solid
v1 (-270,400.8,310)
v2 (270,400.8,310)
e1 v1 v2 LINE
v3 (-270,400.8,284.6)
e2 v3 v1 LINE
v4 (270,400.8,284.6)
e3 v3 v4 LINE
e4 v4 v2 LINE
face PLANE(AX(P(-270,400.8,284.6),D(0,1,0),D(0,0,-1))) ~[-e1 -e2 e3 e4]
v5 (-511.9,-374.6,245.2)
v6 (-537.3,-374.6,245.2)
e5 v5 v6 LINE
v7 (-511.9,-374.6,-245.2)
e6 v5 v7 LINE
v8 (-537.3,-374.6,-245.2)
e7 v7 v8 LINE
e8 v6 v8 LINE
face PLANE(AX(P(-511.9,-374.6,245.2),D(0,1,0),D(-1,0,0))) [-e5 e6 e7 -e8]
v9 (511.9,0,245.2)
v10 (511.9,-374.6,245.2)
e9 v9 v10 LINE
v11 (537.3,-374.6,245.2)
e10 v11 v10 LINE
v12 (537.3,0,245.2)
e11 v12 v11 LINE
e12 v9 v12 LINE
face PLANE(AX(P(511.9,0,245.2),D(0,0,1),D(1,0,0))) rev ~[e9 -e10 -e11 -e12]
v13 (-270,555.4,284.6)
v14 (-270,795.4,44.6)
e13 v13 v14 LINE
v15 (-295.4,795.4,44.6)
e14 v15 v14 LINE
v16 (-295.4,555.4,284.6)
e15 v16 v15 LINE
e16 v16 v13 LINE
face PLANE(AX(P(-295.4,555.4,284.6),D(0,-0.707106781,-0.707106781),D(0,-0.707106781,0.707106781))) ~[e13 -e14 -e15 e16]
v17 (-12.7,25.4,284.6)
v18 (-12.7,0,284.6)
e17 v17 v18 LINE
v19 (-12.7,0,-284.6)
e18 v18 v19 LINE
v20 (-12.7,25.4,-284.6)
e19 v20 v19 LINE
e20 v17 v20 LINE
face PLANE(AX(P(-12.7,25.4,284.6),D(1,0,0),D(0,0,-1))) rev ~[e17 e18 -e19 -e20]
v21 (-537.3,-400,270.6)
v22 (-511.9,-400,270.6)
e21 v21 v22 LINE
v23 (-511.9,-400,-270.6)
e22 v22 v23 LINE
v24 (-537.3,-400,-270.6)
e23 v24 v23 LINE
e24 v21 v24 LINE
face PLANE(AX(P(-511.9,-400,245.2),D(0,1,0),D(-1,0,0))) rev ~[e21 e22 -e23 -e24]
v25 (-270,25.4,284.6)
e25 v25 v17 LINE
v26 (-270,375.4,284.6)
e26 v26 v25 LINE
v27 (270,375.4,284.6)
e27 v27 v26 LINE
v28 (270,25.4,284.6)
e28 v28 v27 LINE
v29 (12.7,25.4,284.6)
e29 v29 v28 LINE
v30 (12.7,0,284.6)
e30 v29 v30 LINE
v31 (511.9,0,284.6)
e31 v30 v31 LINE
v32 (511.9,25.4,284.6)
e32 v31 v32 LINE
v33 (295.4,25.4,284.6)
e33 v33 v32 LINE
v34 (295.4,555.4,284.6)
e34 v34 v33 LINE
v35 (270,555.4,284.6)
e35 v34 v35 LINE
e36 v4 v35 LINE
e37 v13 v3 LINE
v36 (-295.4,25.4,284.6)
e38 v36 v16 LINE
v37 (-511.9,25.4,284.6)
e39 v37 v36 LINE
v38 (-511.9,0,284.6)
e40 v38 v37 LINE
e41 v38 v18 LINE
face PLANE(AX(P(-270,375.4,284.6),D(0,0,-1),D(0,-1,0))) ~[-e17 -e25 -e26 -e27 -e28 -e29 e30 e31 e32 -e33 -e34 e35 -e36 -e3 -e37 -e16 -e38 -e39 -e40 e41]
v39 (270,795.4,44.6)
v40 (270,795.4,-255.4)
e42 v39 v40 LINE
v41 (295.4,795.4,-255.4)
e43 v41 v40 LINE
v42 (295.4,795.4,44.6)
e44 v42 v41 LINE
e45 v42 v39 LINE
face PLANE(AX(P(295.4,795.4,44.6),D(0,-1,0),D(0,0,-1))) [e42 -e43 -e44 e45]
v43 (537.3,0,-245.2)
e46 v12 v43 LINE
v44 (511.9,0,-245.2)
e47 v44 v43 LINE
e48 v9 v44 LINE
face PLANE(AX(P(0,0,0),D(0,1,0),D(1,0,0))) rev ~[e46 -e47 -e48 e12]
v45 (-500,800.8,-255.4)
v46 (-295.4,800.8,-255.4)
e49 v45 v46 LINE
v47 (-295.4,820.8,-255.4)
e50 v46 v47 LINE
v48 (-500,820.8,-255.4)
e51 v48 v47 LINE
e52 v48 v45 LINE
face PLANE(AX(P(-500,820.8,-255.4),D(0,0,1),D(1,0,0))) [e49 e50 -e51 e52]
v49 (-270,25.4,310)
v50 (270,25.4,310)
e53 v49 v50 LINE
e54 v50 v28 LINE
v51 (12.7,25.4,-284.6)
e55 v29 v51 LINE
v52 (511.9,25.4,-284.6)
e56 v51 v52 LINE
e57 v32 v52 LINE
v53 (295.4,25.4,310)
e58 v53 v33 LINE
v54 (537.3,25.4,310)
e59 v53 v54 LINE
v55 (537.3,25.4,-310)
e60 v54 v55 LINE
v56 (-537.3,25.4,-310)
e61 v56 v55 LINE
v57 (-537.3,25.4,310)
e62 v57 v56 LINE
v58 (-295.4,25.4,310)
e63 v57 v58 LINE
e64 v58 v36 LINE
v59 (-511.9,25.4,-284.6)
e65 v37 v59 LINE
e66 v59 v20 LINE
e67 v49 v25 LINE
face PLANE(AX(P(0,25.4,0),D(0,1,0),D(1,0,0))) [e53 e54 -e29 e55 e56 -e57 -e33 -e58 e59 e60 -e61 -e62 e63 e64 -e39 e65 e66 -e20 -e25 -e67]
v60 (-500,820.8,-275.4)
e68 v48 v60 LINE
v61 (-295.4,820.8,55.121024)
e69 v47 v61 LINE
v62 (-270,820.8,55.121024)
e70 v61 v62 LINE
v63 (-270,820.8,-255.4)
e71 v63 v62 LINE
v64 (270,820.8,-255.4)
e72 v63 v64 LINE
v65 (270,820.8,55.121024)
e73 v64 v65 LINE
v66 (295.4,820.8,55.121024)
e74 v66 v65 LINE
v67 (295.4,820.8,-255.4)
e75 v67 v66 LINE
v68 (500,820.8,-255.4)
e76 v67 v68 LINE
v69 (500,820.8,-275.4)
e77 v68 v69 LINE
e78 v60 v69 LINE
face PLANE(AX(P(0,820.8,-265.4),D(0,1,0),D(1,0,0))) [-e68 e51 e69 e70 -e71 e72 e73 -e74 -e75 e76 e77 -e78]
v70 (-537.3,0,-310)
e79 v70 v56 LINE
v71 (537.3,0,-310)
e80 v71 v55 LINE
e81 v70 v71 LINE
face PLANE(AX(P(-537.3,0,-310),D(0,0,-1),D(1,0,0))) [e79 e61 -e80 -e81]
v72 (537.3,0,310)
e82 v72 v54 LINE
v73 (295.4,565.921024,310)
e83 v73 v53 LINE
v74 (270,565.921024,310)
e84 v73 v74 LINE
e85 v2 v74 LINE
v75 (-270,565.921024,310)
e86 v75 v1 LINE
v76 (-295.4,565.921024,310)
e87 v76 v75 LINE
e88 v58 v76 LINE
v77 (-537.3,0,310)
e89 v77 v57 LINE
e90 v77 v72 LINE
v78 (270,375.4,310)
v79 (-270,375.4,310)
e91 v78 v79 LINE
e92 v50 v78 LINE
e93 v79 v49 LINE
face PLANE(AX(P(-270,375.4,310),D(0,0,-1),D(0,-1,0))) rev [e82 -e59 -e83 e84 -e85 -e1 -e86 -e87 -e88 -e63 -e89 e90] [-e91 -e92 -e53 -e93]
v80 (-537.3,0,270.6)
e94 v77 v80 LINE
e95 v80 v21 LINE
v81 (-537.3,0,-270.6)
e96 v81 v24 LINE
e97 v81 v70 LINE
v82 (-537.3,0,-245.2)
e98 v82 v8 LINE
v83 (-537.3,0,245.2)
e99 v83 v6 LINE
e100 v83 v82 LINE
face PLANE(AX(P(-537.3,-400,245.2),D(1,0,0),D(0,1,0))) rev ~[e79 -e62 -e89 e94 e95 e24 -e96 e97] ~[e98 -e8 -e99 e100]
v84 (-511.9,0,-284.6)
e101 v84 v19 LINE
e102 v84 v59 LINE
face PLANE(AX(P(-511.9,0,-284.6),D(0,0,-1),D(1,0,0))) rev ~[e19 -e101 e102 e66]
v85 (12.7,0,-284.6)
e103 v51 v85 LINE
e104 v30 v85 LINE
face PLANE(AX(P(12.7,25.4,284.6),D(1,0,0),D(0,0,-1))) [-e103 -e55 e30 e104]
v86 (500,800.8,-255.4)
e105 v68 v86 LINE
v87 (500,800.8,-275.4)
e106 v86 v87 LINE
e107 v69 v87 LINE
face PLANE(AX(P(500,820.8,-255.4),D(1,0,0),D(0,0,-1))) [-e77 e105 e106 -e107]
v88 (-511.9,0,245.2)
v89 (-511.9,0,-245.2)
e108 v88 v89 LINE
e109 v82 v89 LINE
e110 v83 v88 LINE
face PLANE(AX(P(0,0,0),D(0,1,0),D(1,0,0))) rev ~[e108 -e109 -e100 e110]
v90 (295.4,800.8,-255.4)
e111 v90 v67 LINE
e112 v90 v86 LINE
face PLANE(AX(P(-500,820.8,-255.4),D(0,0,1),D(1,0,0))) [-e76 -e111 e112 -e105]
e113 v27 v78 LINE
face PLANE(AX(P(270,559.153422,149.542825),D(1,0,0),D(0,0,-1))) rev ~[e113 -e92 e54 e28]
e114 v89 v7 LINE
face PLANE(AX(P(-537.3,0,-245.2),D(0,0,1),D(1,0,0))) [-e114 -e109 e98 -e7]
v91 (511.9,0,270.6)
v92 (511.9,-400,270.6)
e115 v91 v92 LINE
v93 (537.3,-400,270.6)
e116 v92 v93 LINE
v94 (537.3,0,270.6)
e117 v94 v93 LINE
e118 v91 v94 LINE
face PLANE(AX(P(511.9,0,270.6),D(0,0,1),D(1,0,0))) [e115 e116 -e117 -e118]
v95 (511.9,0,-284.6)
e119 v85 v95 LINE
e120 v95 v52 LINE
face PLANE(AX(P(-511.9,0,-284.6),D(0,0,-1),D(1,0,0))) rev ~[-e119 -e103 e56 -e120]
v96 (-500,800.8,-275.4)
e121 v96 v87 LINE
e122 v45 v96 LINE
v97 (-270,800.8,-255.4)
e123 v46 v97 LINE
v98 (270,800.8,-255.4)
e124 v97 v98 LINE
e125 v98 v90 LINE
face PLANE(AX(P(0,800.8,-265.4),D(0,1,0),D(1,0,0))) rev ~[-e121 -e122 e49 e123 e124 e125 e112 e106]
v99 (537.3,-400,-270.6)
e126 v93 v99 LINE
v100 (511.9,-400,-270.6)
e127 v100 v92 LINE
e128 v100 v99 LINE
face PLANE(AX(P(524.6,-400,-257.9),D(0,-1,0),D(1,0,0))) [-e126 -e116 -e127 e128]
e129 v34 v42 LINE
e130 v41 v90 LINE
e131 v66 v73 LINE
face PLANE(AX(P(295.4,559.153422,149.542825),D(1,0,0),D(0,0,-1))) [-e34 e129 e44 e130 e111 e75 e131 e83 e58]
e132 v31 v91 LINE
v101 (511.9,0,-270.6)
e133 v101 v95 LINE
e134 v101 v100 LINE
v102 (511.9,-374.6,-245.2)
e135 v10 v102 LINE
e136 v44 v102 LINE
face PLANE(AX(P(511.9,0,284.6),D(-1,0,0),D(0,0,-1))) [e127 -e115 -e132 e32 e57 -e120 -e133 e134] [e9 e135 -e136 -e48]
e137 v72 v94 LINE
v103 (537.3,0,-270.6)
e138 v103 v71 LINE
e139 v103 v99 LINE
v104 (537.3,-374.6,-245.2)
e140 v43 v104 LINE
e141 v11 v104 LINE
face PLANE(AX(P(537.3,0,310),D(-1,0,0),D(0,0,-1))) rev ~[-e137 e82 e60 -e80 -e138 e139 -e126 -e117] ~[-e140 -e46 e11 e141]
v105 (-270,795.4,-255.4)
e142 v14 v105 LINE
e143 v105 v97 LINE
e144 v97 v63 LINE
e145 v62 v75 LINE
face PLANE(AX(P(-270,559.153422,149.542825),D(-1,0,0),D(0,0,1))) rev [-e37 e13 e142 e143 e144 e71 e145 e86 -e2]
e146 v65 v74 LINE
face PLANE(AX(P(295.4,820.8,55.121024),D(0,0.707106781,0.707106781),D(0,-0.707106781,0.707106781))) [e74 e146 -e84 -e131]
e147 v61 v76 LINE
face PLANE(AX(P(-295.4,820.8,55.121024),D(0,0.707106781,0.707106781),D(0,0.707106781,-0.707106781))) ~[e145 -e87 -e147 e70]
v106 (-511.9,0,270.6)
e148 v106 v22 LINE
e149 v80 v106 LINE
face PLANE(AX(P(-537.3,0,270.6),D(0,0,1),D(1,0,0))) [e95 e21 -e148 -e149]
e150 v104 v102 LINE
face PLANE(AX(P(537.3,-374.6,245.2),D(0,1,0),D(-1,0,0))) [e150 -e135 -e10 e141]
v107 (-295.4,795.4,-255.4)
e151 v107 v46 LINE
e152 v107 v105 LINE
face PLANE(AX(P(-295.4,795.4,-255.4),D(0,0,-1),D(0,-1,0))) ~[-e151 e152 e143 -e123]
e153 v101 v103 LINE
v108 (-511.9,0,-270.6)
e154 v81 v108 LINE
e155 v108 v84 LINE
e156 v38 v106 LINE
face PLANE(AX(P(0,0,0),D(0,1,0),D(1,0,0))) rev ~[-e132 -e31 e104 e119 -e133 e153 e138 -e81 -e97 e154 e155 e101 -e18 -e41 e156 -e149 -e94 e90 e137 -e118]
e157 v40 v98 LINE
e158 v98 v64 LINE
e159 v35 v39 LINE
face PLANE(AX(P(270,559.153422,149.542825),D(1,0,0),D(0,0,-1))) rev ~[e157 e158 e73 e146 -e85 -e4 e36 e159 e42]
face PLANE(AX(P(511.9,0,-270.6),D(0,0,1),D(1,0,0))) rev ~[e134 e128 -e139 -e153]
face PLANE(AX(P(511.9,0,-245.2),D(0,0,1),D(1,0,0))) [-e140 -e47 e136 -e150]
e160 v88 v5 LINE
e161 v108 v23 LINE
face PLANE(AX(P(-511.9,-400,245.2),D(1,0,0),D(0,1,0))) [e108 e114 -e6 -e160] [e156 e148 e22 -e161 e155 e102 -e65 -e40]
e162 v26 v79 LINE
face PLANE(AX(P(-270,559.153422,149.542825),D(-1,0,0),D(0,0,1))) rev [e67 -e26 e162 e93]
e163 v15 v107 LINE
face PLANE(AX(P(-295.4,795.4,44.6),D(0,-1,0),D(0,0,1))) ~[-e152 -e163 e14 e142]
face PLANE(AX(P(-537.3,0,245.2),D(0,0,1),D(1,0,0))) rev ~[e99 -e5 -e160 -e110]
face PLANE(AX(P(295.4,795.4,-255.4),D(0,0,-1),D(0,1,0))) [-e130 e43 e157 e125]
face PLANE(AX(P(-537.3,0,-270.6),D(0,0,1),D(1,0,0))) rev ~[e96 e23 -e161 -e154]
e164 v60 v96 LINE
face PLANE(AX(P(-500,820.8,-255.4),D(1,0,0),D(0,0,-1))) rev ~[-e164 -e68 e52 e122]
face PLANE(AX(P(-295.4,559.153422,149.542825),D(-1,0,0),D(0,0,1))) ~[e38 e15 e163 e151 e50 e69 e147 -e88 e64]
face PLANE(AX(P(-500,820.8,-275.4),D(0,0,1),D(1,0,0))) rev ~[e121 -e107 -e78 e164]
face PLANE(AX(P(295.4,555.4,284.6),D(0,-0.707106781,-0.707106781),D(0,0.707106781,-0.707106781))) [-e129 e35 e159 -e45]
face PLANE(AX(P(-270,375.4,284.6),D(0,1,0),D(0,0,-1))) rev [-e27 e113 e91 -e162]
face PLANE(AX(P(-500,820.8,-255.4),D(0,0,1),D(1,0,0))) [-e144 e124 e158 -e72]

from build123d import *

# Parameters (mm, degrees)
SKETCH1_W           = 1074.6
SKETCH1_H           = 620
SKETCH1_W_2         = 1023.8
SKETCH1_H_2         = 569.2
BOSS_EXTRUDE1_DEPTH = 25.4
SKETCH2_W           = 25.4
SKETCH2_H           = 25.4
BOSS_EXTRUDE2_DEPTH = 400
SKETCH3_W           = 25.4
SKETCH3_H           = 25.4
BOSS_EXTRUDE3_DEPTH = 490.4
SKETCH5_W           = 25.4
SKETCH5_H           = 25.4
BOSS_EXTRUDE5_DEPTH = 50
SKETCH4_W           = 25.4
SKETCH4_H           = 569.2
BOSS_EXTRUDE6_DEPTH = 25.4
BOSS_EXTRUDE7_DEPTH = 25.4
SKETCH9_W           = 25.4
SKETCH9_H           = 25.4
BOSS_EXTRUDE8_DEPTH = 270
SKETCH10_W          = 1000
SKETCH10_H          = 20
BOSS_EXTRUDE9_DEPTH = 20


with BuildPart() as part:
    # Sketch1 → Boss-Extrude1 (new body)
    with BuildSketch(Plane(origin=(0, 0, 0), x_dir=(1, 0, 0), z_dir=(0, 1, 0))):
        Rectangle(SKETCH1_W, SKETCH1_H)
        Rectangle(SKETCH1_W_2, SKETCH1_H_2, mode=Mode.SUBTRACT)
    extrude(amount=BOSS_EXTRUDE1_DEPTH)

    # Sketch2 → Boss-Extrude2 (add)
    with BuildSketch(Plane.XZ):
        with Locations((-524.6, 257.9)):
            Rectangle(SKETCH2_W, SKETCH2_H)
        with Locations((-524.6, -257.9)):
            Rectangle(SKETCH2_W, SKETCH2_H)
        with Locations((524.6, 257.9)):
            Rectangle(SKETCH2_W, SKETCH2_H)
        with Locations((524.6, -257.9)):
            Rectangle(SKETCH2_W, SKETCH2_H)
    extrude(amount=BOSS_EXTRUDE2_DEPTH)

    # Sketch3 → Boss-Extrude3 (add)
    with BuildSketch(Plane(origin=(0, 0, 245.2), x_dir=(-1, 0, 0), z_dir=(0, 0, -1))):
        with Locations((524.6, -387.3)):
            Rectangle(SKETCH3_W, SKETCH3_H)
        with Locations((-524.6, -387.3)):
            Rectangle(SKETCH3_W, SKETCH3_H)
    extrude(amount=BOSS_EXTRUDE3_DEPTH)

    # Sketch5 → Boss-Extrude5 (add)
    with BuildSketch(Plane(origin=(0, 25.4, 0), x_dir=(1, 0, 0), z_dir=(0, 1, 0))):
        with Locations((282.7, -297.3)):
            Rectangle(SKETCH5_W, SKETCH5_H)
    boss_extrude5 = extrude(amount=BOSS_EXTRUDE5_DEPTH)

    # Sketch4 → Boss-Extrude6 (add)
    with BuildSketch(Plane(origin=(0, 25.4, 0), x_dir=(1, 0, 0), z_dir=(0, 1, 0))):
        Rectangle(SKETCH4_W, SKETCH4_H)
    extrude(amount=-BOSS_EXTRUDE6_DEPTH)

    # Sketch8 → Boss-Extrude7 (add)
    with BuildSketch(Plane(origin=(295.4, 0, 0), x_dir=(0, 0, -1), z_dir=(1, 0, 0))):
        Polygon((-284.6, 75.4), (-284.6, 555.4), (-44.6, 795.4), (255.4, 795.4), (255.4, 820.8), (-55.121024484, 820.8), (-310, 565.921024484), (-310, 75.4), align=None)
    boss_extrude7 = extrude(amount=-BOSS_EXTRUDE7_DEPTH)

    # Sketch9 → Boss-Extrude8 (add)
    with BuildSketch(Plane.ZY.offset(-270)):
        with Locations((297.3, 388.1)):
            Rectangle(SKETCH9_W, SKETCH9_H)
    boss_extrude8 = extrude(amount=BOSS_EXTRUDE8_DEPTH)

    # Mirror1: Boss-Extrude5, Boss-Extrude7, Boss-Extrude8 across plane
    add(boss_extrude5.mirror(Plane.ZY))
    add(boss_extrude7.mirror(Plane.ZY))
    add(boss_extrude8.mirror(Plane.ZY))

    # Sketch10 → Boss-Extrude9 (add)
    with BuildSketch(Plane(origin=(0, 820.8, 0), x_dir=(1, 0, 0), z_dir=(0, 1, 0))):
        with Locations((0, 265.4)):
            Rectangle(SKETCH10_W, SKETCH10_H)
    extrude(amount=-BOSS_EXTRUDE9_DEPTH)


solid = part.part
